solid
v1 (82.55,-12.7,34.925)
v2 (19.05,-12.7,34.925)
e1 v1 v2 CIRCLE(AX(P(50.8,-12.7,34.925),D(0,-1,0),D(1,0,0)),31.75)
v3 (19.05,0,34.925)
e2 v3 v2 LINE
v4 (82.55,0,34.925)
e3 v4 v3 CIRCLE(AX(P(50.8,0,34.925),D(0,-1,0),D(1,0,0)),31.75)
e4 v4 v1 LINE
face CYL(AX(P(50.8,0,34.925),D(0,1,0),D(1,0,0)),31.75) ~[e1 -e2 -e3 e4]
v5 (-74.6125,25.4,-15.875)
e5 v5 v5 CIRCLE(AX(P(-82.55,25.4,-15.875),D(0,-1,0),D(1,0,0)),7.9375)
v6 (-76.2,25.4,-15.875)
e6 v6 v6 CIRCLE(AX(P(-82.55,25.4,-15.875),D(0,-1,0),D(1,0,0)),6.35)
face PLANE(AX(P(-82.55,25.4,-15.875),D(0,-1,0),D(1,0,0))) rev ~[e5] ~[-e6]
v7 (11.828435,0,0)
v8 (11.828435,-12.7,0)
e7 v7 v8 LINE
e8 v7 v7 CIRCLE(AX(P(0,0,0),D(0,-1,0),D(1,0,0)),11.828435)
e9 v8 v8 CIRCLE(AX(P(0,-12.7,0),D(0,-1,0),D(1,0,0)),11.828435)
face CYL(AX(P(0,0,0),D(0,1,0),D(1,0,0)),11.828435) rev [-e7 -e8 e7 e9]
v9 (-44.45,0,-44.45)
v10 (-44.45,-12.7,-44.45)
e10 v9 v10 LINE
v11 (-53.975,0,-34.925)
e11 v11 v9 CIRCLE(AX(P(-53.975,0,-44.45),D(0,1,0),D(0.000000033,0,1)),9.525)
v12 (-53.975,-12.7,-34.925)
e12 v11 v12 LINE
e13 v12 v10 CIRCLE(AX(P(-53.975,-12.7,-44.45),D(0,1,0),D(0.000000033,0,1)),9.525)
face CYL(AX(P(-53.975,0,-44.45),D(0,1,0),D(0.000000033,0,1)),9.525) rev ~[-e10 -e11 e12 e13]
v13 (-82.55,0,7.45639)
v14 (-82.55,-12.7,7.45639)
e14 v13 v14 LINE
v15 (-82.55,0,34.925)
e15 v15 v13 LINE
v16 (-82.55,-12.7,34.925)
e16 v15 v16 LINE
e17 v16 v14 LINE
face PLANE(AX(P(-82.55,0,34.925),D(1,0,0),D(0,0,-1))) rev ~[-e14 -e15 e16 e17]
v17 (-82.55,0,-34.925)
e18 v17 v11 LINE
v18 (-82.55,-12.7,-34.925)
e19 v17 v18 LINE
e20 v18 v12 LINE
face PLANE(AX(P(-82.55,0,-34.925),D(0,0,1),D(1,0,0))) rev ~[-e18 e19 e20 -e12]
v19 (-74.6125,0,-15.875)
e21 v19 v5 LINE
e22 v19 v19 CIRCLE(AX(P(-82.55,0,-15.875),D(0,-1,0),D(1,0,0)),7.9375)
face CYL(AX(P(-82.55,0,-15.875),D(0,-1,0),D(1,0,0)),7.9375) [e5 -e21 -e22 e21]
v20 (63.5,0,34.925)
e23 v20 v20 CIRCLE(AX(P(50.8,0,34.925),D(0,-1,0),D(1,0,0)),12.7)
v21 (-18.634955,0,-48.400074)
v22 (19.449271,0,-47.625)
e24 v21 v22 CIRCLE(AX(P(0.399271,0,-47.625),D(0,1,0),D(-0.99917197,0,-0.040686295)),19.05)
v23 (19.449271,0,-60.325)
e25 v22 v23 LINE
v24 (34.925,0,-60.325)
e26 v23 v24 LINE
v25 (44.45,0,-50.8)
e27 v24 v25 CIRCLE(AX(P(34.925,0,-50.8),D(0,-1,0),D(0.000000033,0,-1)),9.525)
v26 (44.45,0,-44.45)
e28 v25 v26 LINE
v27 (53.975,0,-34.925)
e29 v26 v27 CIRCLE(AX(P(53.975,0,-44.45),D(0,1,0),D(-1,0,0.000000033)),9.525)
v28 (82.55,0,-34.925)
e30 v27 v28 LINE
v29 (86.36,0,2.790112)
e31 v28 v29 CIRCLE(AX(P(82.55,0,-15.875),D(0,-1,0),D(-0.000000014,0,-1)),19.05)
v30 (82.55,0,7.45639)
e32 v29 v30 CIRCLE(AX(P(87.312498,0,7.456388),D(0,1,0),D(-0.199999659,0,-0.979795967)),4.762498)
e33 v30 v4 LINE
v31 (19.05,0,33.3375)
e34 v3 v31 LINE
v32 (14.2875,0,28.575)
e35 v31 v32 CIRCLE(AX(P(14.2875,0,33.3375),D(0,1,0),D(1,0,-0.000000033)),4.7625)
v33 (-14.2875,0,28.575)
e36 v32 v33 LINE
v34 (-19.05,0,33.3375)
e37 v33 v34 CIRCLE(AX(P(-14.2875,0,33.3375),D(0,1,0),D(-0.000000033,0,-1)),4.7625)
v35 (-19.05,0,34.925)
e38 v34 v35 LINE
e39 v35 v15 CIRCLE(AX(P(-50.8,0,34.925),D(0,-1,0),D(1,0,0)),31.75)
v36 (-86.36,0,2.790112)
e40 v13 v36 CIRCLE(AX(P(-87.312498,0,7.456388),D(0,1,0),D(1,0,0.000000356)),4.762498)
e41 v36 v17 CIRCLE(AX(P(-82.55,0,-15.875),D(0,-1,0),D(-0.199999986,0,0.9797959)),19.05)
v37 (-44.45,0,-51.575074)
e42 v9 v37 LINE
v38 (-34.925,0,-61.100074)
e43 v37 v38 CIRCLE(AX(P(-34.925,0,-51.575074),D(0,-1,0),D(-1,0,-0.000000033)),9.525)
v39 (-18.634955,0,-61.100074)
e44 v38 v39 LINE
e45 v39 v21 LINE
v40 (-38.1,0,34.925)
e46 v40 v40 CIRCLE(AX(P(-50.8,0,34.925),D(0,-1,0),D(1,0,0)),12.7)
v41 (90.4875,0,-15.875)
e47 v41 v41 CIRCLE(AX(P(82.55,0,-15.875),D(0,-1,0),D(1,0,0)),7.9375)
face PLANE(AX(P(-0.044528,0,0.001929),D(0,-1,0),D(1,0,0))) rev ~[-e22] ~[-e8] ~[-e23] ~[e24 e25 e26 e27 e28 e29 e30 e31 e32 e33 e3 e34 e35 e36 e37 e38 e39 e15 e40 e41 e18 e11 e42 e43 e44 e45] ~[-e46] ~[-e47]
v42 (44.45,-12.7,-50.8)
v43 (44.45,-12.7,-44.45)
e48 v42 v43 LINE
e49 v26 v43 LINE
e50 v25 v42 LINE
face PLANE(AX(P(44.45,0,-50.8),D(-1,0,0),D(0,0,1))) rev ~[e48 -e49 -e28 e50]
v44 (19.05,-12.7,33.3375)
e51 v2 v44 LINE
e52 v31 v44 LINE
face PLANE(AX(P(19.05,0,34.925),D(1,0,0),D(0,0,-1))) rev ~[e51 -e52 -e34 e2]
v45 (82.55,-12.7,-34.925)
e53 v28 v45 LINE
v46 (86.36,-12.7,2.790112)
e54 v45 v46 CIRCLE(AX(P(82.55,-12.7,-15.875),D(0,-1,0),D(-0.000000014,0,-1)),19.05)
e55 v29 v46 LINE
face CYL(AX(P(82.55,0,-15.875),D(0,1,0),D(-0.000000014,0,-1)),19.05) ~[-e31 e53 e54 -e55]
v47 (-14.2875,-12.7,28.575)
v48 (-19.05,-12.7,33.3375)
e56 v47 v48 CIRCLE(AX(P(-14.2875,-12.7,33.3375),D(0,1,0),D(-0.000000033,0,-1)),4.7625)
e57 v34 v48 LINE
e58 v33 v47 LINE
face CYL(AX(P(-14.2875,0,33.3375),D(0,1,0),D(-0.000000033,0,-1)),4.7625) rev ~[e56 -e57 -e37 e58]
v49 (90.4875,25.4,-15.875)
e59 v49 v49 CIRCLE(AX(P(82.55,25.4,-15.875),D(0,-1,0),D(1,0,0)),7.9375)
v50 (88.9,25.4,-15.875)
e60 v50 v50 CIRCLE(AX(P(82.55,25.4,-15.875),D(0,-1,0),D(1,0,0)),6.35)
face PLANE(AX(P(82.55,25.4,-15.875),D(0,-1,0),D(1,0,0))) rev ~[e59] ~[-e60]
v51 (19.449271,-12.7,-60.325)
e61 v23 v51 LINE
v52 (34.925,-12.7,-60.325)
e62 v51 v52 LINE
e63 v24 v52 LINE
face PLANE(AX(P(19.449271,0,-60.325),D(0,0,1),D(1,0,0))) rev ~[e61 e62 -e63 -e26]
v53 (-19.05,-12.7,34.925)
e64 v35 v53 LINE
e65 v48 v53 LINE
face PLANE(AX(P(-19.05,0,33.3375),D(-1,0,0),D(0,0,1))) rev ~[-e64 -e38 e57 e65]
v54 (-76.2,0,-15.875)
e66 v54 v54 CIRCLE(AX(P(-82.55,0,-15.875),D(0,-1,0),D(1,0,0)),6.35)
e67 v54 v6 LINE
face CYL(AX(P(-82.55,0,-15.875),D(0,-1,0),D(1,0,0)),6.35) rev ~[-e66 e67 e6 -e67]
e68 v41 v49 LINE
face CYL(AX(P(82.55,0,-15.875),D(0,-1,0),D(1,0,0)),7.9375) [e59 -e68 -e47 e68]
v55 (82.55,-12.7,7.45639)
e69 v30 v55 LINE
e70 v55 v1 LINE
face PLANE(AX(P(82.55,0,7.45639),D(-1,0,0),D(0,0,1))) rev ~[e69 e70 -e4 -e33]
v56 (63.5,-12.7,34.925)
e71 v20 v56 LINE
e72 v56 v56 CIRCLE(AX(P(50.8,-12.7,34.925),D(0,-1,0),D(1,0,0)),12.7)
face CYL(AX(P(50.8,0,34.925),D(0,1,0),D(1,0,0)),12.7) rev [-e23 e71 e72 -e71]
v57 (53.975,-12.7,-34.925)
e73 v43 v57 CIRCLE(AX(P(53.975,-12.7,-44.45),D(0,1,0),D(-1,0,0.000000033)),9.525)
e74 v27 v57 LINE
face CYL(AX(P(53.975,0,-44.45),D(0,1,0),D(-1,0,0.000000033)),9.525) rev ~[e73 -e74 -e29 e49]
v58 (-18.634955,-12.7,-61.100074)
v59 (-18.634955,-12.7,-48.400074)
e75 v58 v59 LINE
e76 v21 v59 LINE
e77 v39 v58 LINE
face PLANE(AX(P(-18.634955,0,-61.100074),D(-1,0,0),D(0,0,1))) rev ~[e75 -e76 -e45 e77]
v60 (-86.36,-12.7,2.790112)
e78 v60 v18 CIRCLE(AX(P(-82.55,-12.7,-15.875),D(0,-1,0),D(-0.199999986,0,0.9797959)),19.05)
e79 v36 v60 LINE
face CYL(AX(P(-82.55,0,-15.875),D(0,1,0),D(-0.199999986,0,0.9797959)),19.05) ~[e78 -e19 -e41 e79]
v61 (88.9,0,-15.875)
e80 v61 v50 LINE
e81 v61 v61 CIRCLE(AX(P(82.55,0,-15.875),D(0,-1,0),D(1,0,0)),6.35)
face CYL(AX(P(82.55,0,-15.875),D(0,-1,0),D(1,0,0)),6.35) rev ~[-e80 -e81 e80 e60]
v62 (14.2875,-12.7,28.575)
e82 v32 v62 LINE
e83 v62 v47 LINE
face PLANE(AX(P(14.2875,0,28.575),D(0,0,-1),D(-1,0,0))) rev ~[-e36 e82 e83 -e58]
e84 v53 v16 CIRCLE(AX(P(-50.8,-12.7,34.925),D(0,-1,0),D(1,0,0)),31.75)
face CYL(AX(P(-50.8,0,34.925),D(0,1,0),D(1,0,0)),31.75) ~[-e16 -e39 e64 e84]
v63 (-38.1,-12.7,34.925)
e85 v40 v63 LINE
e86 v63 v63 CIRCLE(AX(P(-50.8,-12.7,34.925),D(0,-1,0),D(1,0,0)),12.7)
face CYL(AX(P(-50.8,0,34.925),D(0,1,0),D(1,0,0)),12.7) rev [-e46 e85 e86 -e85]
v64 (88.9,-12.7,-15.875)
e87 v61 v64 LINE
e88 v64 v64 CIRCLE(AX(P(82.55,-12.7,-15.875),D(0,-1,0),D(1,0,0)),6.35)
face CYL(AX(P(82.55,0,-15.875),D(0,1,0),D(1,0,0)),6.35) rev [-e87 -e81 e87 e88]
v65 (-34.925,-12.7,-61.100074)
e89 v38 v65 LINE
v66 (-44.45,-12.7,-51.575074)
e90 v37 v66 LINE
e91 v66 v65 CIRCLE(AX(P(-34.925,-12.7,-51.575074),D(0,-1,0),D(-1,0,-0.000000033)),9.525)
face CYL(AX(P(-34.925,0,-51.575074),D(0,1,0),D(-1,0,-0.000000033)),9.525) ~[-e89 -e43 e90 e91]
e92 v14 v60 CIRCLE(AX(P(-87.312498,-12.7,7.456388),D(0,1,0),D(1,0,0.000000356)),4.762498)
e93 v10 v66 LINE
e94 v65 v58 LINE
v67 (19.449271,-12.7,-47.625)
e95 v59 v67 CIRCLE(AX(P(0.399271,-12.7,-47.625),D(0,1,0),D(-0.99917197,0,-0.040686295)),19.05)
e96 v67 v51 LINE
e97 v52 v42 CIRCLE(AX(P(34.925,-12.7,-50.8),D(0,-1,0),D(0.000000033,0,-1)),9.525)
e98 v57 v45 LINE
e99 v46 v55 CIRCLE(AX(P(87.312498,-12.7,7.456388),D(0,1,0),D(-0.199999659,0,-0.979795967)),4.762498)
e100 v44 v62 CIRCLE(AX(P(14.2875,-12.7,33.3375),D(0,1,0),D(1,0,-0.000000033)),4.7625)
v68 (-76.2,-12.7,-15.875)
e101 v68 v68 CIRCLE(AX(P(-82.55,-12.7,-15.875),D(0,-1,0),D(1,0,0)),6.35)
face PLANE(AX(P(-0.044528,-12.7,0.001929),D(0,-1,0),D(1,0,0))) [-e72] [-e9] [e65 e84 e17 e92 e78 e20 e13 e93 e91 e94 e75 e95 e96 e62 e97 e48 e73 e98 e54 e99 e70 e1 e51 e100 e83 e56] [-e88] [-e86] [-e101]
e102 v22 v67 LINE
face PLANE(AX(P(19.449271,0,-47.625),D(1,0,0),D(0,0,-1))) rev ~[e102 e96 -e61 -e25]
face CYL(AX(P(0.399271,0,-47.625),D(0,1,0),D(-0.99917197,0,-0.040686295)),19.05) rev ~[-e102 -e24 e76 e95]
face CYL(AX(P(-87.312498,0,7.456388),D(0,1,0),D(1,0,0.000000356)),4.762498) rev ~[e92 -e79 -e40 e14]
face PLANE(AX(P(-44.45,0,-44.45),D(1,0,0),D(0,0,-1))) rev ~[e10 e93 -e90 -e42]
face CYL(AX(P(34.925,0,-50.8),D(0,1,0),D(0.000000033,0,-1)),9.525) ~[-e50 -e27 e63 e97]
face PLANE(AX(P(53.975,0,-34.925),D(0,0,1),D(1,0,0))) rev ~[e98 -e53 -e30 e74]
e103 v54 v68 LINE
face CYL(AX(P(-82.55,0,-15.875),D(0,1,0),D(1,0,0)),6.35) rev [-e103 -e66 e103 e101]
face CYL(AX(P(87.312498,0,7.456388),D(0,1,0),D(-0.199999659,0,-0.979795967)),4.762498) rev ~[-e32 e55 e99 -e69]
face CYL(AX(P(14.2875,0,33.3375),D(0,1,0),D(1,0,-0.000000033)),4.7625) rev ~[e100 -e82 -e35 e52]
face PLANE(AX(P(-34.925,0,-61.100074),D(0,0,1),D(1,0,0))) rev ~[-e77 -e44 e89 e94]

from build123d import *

# Parameters (mm, degrees)
F0_R     = 7.9375
F0_R_2   = 11.828435
F0_R_3   = 12.7
F0_R_4   = 6.35
F1_DEPTH = 12.7
F2_DEPTH = 25.4
F3_DEPTH = 25.4


with BuildPart() as f1:
    # F0 (on Front) → F1 (new body)
    with BuildSketch(Plane.XZ):
        with BuildLine():
            Line((82.55, 7.45639), (82.55, 34.925))
            ThreePointArc((82.55, 34.925), (50.8, 66.675), (19.05, 34.925))
            Line((19.05, 34.925), (19.05, 33.3375))
            ThreePointArc((19.05, 33.3375), (17.655096, 29.969904), (14.2875, 28.575))
            Line((14.2875, 28.575), (-14.2875, 28.575))
            ThreePointArc((-14.2875, 28.575), (-17.655096, 29.969904), (-19.05, 33.3375))
            Line((-19.05, 33.3375), (-19.05, 34.925))
            ThreePointArc((-19.05, 34.925), (-50.8, 66.675), (-82.55, 34.925))
            Line((-82.55, 34.925), (-82.55, 7.45639))
            ThreePointArc((-82.55, 7.45639), (-83.623483, 4.44432), (-86.36, 2.790112))
            ThreePointArc((-86.36, 2.790112), (-101.503534, -17.789696), (-82.55, -34.925))
            Line((-82.55, -34.925), (-53.975, -34.925))
            ThreePointArc((-53.975, -34.925), (-47.239808, -37.714808), (-44.45, -44.45))
            Line((-44.45, -44.45), (-44.45, -51.575074))
            ThreePointArc((-44.45, -51.575074), (-41.660192, -58.310266), (-34.925, -61.100074))
            Line((-34.925, -61.100074), (-18.634955, -61.100074))
            Line((-18.634955, -61.100074), (-18.634955, -48.400074))
            ThreePointArc((-18.634955, -48.400074), (0.011654, -28.578944), (19.449271, -47.625))
            Line((19.449271, -47.625), (19.449271, -60.325))
            Line((19.449271, -60.325), (34.925, -60.325))
            ThreePointArc((34.925, -60.325), (41.660192, -57.535192), (44.45, -50.8))
            Line((44.45, -50.8), (44.45, -44.45))
            ThreePointArc((44.45, -44.45), (47.239808, -37.714808), (53.975, -34.925))
            Line((53.975, -34.925), (82.55, -34.925))
            ThreePointArc((82.55, -34.925), (101.503534, -17.789696), (86.36, 2.790112))
            ThreePointArc((86.36, 2.790112), (83.623483, 4.44432), (82.55, 7.45639))
        make_face()
        with Locations((-82.55, -15.875)):
            Circle(F0_R, mode=Mode.SUBTRACT)
        Circle(F0_R_2, mode=Mode.SUBTRACT)
        with Locations((82.55, -15.875)):
            Circle(F0_R, mode=Mode.SUBTRACT)
        with Locations((-50.8, 34.925)):
            Circle(F0_R_3, mode=Mode.SUBTRACT)
        with Locations((50.8, 34.925)):
            Circle(F0_R_3, mode=Mode.SUBTRACT)
        with Locations((-82.55, -15.875)):
            Circle(F0_R)
        with Locations((-82.55, -15.875)):
            Circle(F0_R_4, mode=Mode.SUBTRACT)
        with Locations((82.55, -15.875)):
            Circle(F0_R)
        with Locations((82.55, -15.875)):
            Circle(F0_R_4, mode=Mode.SUBTRACT)
    extrude(amount=F1_DEPTH)

    # F0 (on Front) → F2 (join)
    with BuildSketch(Plane.XZ):
        with Locations((82.55, -15.875)):
            Circle(F0_R)
        with Locations((82.55, -15.875)):
            Circle(F0_R_4, mode=Mode.SUBTRACT)
    extrude(amount=-F2_DEPTH)

    # F0 (on Front) → F3 (join)
    with BuildSketch(Plane.XZ):
        with Locations((-82.55, -15.875)):
            Circle(F0_R)
        with Locations((-82.55, -15.875)):
            Circle(F0_R_4, mode=Mode.SUBTRACT)
    extrude(amount=-F3_DEPTH)


solid = f1.part
